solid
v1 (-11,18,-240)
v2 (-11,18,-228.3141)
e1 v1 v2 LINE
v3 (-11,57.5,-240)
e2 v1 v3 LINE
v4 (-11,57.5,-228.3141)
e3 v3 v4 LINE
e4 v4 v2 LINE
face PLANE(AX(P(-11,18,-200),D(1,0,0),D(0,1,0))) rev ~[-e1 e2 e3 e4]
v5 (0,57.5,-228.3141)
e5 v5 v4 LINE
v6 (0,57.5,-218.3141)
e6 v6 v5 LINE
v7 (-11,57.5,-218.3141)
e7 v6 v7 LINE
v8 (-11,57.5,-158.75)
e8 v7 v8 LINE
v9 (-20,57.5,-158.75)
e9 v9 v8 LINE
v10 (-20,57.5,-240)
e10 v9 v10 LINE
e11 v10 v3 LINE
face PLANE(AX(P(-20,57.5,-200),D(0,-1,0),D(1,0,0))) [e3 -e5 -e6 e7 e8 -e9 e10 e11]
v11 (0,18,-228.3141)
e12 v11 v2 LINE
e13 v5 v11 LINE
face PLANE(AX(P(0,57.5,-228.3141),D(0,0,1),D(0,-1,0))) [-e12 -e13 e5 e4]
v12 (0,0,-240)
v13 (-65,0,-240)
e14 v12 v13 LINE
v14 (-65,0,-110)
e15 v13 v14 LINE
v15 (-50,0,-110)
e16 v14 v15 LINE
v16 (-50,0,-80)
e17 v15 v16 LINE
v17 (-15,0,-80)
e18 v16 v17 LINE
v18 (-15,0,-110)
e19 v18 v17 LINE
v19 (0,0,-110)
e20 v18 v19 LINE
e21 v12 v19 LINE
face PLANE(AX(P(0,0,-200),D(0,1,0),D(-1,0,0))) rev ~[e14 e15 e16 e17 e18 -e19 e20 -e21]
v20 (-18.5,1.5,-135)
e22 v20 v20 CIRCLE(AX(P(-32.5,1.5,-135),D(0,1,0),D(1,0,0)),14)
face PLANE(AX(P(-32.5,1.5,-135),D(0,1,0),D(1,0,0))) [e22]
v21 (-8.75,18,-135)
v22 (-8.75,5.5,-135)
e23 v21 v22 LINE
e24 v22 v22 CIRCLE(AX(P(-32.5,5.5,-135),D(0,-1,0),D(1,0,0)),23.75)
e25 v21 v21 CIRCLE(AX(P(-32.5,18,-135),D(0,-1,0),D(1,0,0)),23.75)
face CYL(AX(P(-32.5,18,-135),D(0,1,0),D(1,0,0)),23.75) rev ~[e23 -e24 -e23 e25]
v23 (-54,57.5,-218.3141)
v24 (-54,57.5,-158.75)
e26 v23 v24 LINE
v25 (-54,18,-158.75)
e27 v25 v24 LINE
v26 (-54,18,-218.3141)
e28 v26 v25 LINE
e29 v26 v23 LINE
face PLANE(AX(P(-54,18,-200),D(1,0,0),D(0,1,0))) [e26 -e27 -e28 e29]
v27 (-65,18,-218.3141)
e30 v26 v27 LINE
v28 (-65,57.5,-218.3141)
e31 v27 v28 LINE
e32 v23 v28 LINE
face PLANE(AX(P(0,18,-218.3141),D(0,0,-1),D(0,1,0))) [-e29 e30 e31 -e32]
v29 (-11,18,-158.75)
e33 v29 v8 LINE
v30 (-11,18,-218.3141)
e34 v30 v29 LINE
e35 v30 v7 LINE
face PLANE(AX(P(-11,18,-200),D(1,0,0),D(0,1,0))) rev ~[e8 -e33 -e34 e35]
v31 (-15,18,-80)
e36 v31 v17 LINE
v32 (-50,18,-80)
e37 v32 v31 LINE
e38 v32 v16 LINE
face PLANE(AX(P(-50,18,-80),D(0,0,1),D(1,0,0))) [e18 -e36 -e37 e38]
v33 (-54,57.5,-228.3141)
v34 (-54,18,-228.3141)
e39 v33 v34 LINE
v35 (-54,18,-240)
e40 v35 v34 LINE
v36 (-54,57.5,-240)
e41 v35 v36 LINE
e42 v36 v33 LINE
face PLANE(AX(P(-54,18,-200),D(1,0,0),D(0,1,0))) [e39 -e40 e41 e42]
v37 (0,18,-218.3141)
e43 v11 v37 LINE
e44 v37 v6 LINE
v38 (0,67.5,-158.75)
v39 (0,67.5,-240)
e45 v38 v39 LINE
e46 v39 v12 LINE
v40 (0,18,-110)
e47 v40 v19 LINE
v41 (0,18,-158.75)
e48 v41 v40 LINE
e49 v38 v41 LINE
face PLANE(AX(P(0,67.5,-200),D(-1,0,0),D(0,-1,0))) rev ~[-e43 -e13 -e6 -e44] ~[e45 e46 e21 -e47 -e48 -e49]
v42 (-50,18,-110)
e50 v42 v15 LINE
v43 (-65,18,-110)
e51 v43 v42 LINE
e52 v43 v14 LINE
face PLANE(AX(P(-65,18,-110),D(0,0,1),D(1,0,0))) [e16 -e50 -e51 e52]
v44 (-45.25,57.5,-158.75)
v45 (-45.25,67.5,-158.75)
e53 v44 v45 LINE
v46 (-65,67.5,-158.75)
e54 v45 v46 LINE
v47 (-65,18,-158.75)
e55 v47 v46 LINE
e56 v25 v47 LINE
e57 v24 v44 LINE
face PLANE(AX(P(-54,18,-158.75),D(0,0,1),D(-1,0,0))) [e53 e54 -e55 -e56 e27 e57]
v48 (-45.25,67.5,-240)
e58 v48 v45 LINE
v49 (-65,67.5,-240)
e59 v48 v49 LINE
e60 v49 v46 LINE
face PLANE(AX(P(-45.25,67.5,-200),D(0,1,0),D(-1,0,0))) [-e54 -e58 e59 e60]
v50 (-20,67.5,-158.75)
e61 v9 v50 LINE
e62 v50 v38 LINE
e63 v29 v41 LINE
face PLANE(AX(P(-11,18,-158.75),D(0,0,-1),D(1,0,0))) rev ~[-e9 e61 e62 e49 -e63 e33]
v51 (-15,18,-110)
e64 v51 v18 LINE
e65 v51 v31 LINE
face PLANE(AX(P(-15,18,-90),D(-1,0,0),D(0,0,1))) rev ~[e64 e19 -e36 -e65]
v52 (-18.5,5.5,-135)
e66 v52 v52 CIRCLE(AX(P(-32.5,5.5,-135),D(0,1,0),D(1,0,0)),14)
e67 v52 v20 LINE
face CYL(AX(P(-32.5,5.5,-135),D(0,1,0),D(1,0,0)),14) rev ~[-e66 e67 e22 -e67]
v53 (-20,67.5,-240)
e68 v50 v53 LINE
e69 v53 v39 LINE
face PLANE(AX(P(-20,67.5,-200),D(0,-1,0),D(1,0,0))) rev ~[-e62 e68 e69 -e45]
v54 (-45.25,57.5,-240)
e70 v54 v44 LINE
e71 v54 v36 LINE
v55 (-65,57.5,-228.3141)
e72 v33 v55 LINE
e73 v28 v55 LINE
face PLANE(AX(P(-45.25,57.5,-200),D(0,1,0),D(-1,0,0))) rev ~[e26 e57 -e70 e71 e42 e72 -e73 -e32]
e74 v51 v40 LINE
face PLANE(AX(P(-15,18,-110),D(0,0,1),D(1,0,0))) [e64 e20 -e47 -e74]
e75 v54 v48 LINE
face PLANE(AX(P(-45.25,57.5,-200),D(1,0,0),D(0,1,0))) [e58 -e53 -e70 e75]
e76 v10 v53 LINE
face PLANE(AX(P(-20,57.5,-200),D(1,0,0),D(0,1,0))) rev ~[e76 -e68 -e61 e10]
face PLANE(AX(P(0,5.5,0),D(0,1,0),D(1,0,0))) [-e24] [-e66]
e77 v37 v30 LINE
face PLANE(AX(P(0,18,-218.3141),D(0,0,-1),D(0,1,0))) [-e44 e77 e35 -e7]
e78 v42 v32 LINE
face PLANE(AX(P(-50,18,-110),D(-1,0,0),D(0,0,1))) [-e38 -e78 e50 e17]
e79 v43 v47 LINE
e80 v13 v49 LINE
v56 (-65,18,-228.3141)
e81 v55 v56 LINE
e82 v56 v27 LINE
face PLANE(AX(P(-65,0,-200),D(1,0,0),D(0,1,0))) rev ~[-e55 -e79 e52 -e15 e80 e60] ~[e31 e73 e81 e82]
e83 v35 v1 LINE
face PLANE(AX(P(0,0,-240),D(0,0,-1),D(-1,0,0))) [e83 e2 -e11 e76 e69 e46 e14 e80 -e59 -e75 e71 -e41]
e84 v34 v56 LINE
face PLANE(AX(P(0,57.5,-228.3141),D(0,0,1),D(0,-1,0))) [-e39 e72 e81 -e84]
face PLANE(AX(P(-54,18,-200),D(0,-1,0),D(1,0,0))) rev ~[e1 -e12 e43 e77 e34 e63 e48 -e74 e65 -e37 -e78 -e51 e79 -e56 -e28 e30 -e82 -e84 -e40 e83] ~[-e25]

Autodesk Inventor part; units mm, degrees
ref_plane "YZ Plane" through (0, 0, 0) normal (1, 0, 0) x (0, 1, 0)
ref_plane "XZ Plane" through (0, 0, 0) normal (0, 1, 0) x (-1, 0, 0)
ref_plane "XY Plane" through (0, 0, 0) normal (0, 0, 1) x (1, 0, 0)
sketch "Sketch1" plane through (0, 0, 0) normal (0, 1, 0) x (-1, 0, 0)
  line L0 (0, 0) -> (65, 0)
  line L1 (65, 0) -> (65, -200)
  line L2 (65, -200) -> (0, -200)
  line L3 (0, -200) -> (0, 0)
  dimension "d0" = 65
  dimension "d1" = 200
extrude "Extrusion1" add sketch "Sketch1" along normal blind 18
sketch "Sketch2" plane through (0, 18, 0) normal (0, 1, 0) x (1, 0, 0)
  line L0 (0, 0) -> (0, 200) projected
  line L1 (0, 0) -> (-32.5, 0)
  line L2 (-65, 0) -> (0, 0) projected
  line L3 (-32.5, 0) -> (-32.5, 8)
  line L4 (-32.5, 8) -> (-55.5, 8)
  line L5 (-55.5, 8) -> (-55.5, 18.5)
  line L6 (-55.5, 18.5) -> (-9.5, 18.5)
  line L7 (-9.5, 18.5) -> (-9.5, 8)
  line L8 (-9.5, 8) -> (-32.5, 8)
  dimension "d4" = 8
  dimension "d5" = 23
  dimension "d6" = 10.5
  dimension "d7" = 46
  dimension "d8" = 10.5
extrude "Extrusion2" cut sketch "Sketch2" against normal through all
sketch "Sketch3" plane through (0, 18, 0) normal (0, 1, 0) x (1, 0, 0)
  line L0 (-55.5, 18.5) -> (-9.5, 18.5) projected
  line L1 (-32.5, 18.5) -> (-32.5, 135)
  circle A0 centre (-32.5, 135) radius 23.75
  point P0 (0, 0)
  dimension "d11" = 116.5
  dimension "d12" = 47.5
extrude "Extrusion3" cut sketch "Sketch3" against normal blind 12.5
sketch "Sketch4" plane through (-32.5, 5.5, -135) normal (0, 1, 0) x (1, 0, 0)
  circle A0 centre (0, 0) radius 14
  point P0 (32.5, -135)
  dimension "d15" = 28
extrude "Extrusion4" cut sketch "Sketch4" against normal blind 4
sketch "Sketch7" plane through (0, 18, 0) normal (0, 1, 0) x (1, 0, 0)
  line L0 (0, 200) -> (-65, 200) projected
  line L1 (-65, 200) -> (0, 200)
  line L2 (-32.5, 200) -> (-32.5, 158.75)
  circle A0 centre (-32.5, 135) radius 23.75 projected
  line L3 (-32.5, 200) -> (-11, 200)
  line L4 (-11, 200) -> (-54, 200)
  line L5 (0, 0) -> (0, 200) projected
  line L6 (-11, 200) -> (-11, 158.75)
  line L7 (-54, 200) -> (-54, 158.75)
  line L8 (-54, 158.75) -> (-65, 158.75)
  line L9 (-65, 200) -> (-65, 0) projected
  line L10 (-65, 200) -> (-54, 200)
  line L11 (-11, 158.75) -> (0, 158.75)
  line L12 (0, 200) -> (0, 158.75)
  line L13 (0, 200) -> (-11, 200)
  dimension "d19" = 21.5
  dimension "d20" = 43
extrude "Extrusion5" add sketch "Sketch7" along normal blind 39.5 contours L5 L11 L6 L0 | L7 L8 L9 L0
sketch "Sketch8" plane through (0, 57.5, 0) normal (0, 1, 0) x (1, 0, 0)
  line L0 (0, 0) -> (0, 200) projected
  line L1 (-11, 200) -> (-54, 200) projected
  line L2 (0, 200) -> (-11, 200)
  line L3 (0, 200) -> (-65, 200) projected
  line L4 (-11, 200) -> (-20, 200)
  line L5 (-20, 200) -> (-20, 158.75)
  line L6 (-20, 158.75) -> (0, 158.75)
  line L7 (0, 200) -> (0, 158.75)
  line L8 (-65, 158.75) -> (-54.25, 158.75)
  line L9 (-54.25, 158.75) -> (-45.25, 158.75)
  line L10 (-45.25, 158.75) -> (-45.25, 200)
  line L11 (-54, 200) -> (-65, 200) projected
  line L12 (-65, 200) -> (-45.25, 200)
  line L13 (-65, 159.6209) -> (-65, 200)
  line L14 (-65, 200) -> (-65, 158.75) projected
  line L15 (-65, 200) -> (-65, 158.75)
  dimension "d23" = 9
  dimension "d24" = 9
extrude "Extrusion6" add sketch "Sketch8" along normal blind 10
sketch "Sketch10" plane through (0, 0, -200) normal (0, 0, -1) x (-1, 0, 0)
  line L0 (20, 57.5) -> (11, 57.5) projected
  line L1 (20, 57.5) -> (20, 67.5) projected
  line L2 (20, 57.5) -> (20, 67.5)
  line L3 (20, 67.5) -> (0, 67.5) projected
  line L4 (20, 67.5) -> (0, 67.5)
  line L5 (0, 67.5) -> (0, 0)
  line L6 (0, 0) -> (65, 0) projected
  line L7 (0, 0) -> (65, 0)
  line L8 (65, 0) -> (65, 67.5) projected
  line L9 (65, 0) -> (65, 67.5)
  line L10 (45.25, 67.5) -> (65, 67.5) projected
  line L11 (65, 67.5) -> (45.25, 67.5)
  line L12 (45.25, 57.5) -> (45.25, 67.5) projected
  line L13 (45.25, 67.5) -> (45.25, 57.5)
  line L14 (45.25, 57.5) -> (54, 57.5) projected
  line L15 (45.25, 57.5) -> (54, 57.5)
  line L16 (54, 18) -> (54, 57.5) projected
  line L17 (54, 57.5) -> (54, 18)
  line L18 (11, 18) -> (11, 57.5) projected
  line L19 (54, 18) -> (11, 18)
  line L20 (11, 18) -> (11, 57.5)
  line L21 (11, 57.5) -> (20, 57.5)
extrude "Extrusion7" add sketch "Sketch10" along normal blind 40
sketch "Sketch14" plane through (0, 0, 0) normal (1, 0, 0) x (0, 0, -1)
  line L0 (240, 67.5) -> (240, 57.5) projected
  line L1 (240, 67.5) -> (228.3141, 67.5)
  line L2 (158.75, 67.5) -> (240, 67.5) projected
  line L3 (228.3141, 67.5) -> (228.3141, 18)
  line L4 (240, 18) -> (158.75, 18) projected
  line L5 (228.3141, 18) -> (218.3141, 18)
  line L6 (218.3141, 18) -> (218.3141, 67.5)
  line L7 (218.3141, 67.5) -> (228.3141, 67.5)
  line L8 (218.3141, 67.5) -> (218.3141, 57.5)
  line L9 (218.3141, 57.5) -> (228.3141, 57.5)
  line L10 (158.75, 57.5) -> (240, 57.5) projected
  point P0 (0, 0)
  dimension "d29" = 10
extrude "Extrusion8" cut sketch "Sketch14" against normal through all contours L3 L4 L6 L9
sketch "Sketch17" plane through (0, 18, 0) normal (0, 1, 0) x (1, 0, 0)
  line L0 (0, 158.75) -> (0, 240) projected
  line L1 (0, 240) -> (0, 110)
  line L2 (0, 0) -> (0, 240) projected
  line L3 (0, 110) -> (0, 90)
  line L4 (0, 90) -> (-15, 90)
  line L5 (-65, 0) -> (-65, 240) projected
  line L6 (-15, 90) -> (-15, 110)
  line L7 (-15, 110) -> (0, 110)
  line L8 (-15, 90) -> (-15, 80)
  line L9 (-65, 80) -> (-65, 110)
  line L10 (-65, 110) -> (-50, 110)
  line L11 (-50, 110) -> (-50, 80)
  line L12 (-50, 80) -> (-15, 80)
  line L13 (-65, 80) -> (-65, 0)
  line L14 (-65, 0) -> (0, 0) projected
  line L15 (0, 0) -> (0, 110)
  dimension "d33" = 130
  dimension "d34" = 20
  dimension "d35" = 15
  dimension "d36" = 10
  dimension "d37" = 15
  dimension "d38" = 30
extrude "Extrusion9" cut sketch "Sketch17" against normal through all
sketch "Sketch18" plane through (-50, 18, -80) normal (0, 0, 1) x (1, 0, 0)
  point P0 (50, -18)
sketch "Sketch19" plane through (0, 18, 0) normal (0, 1, 0) x (1, 0, 0)
  point P0 (0, 0)
sketch "Sketch20" plane through (-50, 18, -110) normal (-1, 0, 0) x (0, 0, 1)
  point P0 (110, -18)
sketch "Sketch21" plane through (0, 18, 0) normal (0, 1, 0) x (1, 0, 0)
  point P0 (0, 0)
ref_plane "Work Plane1" through (-32.5, 18, -158.75) normal (-1, 0, 0) x (0, 0, 1)
ref_plane "Work Plane2" through (-32.5, 18, -158.75) normal (1, 0, 0) x (0, 0, -1)
equation "\"BendRadius\" = Thickness"
equation "\"BendReliefWidth\" = Thickness"
equation "\"BendReliefDepth\" = 0.5 * Thickness"
equation "\"CornerReliefSize\" = 4 * Thickness"
equation "\"MinimumRemnant\" = 2 * Thickness"
equation "\"TransitionRadius\" = BendRadius"
equation "\"JacobiRadiusSize\" = BendRadius"
equation "\"GapSize\" = Thickness"
equation "\"Thickness\" = 0.5"
properties part number "techo"
